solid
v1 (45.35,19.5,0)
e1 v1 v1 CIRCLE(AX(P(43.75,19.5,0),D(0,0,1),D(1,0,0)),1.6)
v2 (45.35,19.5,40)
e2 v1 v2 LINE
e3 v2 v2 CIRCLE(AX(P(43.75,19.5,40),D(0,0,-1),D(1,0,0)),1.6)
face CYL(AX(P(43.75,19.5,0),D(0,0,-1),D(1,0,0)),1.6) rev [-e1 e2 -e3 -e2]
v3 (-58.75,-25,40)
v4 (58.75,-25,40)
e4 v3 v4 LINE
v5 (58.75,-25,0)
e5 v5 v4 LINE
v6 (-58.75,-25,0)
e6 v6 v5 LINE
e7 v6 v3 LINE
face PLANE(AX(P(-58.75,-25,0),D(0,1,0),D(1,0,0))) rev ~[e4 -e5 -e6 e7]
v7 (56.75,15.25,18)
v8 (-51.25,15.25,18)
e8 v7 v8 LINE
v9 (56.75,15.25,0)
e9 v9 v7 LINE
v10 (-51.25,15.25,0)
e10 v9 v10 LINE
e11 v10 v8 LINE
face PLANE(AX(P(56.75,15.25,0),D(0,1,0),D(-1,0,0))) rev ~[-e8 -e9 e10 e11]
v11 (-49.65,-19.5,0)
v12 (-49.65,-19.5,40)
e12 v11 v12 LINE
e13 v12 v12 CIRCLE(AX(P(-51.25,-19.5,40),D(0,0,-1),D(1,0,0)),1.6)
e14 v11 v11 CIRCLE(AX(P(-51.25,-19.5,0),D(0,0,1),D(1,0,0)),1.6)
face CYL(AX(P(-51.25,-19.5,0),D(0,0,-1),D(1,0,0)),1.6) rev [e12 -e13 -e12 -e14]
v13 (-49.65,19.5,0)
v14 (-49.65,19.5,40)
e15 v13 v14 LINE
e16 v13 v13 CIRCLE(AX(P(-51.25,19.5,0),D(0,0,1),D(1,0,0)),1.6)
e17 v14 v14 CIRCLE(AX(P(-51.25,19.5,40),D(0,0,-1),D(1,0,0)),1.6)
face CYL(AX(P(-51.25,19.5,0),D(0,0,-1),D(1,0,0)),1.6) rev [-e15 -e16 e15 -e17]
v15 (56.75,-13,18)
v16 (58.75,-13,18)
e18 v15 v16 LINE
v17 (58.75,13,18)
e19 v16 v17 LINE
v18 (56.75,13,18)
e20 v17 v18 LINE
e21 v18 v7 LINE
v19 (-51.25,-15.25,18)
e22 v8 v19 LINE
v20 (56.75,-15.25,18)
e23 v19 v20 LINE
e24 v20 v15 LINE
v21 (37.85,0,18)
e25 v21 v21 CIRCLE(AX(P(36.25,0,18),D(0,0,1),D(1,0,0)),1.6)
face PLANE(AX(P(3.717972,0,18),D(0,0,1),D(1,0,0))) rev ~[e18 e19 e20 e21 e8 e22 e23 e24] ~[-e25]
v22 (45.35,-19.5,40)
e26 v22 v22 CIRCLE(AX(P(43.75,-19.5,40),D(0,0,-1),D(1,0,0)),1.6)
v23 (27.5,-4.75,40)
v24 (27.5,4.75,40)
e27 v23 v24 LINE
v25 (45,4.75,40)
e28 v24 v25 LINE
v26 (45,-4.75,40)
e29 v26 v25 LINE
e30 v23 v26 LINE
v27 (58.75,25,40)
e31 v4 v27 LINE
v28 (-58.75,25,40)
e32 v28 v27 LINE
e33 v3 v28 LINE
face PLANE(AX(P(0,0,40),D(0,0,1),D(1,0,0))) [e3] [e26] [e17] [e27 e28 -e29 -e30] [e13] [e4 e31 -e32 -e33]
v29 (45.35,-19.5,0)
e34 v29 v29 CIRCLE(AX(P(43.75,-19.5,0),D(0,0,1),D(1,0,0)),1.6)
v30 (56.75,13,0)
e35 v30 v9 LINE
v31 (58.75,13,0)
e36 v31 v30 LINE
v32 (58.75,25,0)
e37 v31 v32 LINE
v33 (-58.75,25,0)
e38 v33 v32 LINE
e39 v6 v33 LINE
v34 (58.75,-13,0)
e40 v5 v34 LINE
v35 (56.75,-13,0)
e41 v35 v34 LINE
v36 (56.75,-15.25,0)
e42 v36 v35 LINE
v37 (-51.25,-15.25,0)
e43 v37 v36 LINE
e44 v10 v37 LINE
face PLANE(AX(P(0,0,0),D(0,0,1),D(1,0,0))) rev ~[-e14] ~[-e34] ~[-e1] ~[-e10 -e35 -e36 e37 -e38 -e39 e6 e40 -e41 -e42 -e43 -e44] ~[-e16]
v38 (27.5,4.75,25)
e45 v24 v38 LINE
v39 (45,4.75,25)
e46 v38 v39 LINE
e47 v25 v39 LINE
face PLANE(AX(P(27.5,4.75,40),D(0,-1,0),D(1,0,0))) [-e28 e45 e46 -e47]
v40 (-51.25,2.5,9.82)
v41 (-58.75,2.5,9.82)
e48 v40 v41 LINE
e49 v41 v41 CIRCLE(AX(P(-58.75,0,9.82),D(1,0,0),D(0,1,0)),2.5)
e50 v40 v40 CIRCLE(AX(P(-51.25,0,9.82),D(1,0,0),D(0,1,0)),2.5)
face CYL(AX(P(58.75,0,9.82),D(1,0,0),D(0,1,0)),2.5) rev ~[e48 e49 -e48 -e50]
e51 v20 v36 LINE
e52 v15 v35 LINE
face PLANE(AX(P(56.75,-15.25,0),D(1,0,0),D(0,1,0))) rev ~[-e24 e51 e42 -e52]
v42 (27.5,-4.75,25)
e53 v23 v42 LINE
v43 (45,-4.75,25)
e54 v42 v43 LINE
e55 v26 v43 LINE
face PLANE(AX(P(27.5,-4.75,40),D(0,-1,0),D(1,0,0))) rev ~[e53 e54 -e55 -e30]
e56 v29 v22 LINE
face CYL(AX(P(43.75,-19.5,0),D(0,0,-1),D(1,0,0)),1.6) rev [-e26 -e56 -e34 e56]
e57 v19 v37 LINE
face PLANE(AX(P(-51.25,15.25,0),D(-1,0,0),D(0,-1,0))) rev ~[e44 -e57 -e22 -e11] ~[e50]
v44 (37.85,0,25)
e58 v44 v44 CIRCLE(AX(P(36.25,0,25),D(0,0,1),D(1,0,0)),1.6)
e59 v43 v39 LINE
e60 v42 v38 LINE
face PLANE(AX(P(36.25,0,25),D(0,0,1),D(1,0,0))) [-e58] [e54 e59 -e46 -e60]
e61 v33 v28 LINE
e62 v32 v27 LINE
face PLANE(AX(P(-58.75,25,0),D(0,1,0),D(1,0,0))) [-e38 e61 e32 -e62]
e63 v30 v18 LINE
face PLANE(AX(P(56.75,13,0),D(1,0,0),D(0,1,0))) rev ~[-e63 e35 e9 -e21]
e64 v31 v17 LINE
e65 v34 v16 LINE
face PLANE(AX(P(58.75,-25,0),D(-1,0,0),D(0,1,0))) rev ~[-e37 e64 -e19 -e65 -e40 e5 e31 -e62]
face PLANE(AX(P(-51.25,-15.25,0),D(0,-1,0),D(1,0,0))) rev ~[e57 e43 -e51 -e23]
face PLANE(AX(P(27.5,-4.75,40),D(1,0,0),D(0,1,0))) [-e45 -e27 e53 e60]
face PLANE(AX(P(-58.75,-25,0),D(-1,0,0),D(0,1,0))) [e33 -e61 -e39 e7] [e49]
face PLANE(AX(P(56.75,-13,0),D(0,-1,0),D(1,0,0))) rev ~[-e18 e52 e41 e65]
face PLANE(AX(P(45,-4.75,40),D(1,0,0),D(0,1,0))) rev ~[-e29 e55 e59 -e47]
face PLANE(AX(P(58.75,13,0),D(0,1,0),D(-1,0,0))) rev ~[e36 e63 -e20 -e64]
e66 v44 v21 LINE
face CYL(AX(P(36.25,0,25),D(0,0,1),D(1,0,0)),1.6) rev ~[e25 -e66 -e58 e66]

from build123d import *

# Parameters (mm, degrees)
SKETCH_W        = 117.5
SKETCH_H        = 50
PAD_DEPTH       = 40
POCKET_DEPTH    = 18
SKETCH002_R     = 1.6
POCKET001_DEPTH = 40.001
SKETCH003_W     = 17.5
SKETCH003_H     = 9.5
POCKET002_DEPTH = 15
SKETCH004_R     = 1.6
POCKET003_DEPTH = 25.001
SKETCH006_R     = 2.5
POCKET004_DEPTH = 117.501


with BuildPart() as part:
    # Sketch → Pad (new body)
    with BuildSketch(Plane.XY):
        Rectangle(SKETCH_W, SKETCH_H)
    extrude(amount=PAD_DEPTH)

    # Sketch001 → Pocket (cut, symmetric)
    with BuildSketch(Plane.XY):
        Polygon((56.75, -13), (58.75, -13), (58.75, 13), (56.75, 13), (56.75, 15.25), (-51.25, 15.25), (-51.25, -15.25), (56.75, -15.25), align=None)
    extrude(amount=POCKET_DEPTH, both=True, mode=Mode.SUBTRACT)

    # Sketch002 → Pocket001 (cut, through all)
    with BuildSketch(Plane.XY):
        with Locations((-51.25, 19.5)):
            Circle(SKETCH002_R)
        with Locations((43.75, 19.5)):
            Circle(SKETCH002_R)
        with Locations((-51.25, -19.5)):
            Circle(SKETCH002_R)
        with Locations((43.75, -19.5)):
            Circle(SKETCH002_R)
    extrude(amount=POCKET001_DEPTH, mode=Mode.SUBTRACT)

    # Sketch003 (on Face5 of Pocket001) → Pocket002 (cut)
    with BuildSketch(Plane.XY.offset(40)):
        with Locations((36.25, 0)):
            Rectangle(SKETCH003_W, SKETCH003_H)
    extrude(amount=-POCKET002_DEPTH, mode=Mode.SUBTRACT)

    # Sketch004 (on Face23 of Pocket002) → Pocket003 (cut, through all)
    with BuildSketch(Plane.XY.offset(25)):
        with Locations((36.25, 0)):
            Circle(SKETCH004_R)
    extrude(amount=-POCKET003_DEPTH, mode=Mode.SUBTRACT)

    # Sketch006 (on DatumPlane) → Pocket004 (cut, through all)
    with BuildSketch(Plane.YZ.offset(58.75)):
        with Locations((0, 9.82)):
            Circle(SKETCH006_R)
    extrude(amount=-POCKET004_DEPTH, mode=Mode.SUBTRACT)


solid = part.part
